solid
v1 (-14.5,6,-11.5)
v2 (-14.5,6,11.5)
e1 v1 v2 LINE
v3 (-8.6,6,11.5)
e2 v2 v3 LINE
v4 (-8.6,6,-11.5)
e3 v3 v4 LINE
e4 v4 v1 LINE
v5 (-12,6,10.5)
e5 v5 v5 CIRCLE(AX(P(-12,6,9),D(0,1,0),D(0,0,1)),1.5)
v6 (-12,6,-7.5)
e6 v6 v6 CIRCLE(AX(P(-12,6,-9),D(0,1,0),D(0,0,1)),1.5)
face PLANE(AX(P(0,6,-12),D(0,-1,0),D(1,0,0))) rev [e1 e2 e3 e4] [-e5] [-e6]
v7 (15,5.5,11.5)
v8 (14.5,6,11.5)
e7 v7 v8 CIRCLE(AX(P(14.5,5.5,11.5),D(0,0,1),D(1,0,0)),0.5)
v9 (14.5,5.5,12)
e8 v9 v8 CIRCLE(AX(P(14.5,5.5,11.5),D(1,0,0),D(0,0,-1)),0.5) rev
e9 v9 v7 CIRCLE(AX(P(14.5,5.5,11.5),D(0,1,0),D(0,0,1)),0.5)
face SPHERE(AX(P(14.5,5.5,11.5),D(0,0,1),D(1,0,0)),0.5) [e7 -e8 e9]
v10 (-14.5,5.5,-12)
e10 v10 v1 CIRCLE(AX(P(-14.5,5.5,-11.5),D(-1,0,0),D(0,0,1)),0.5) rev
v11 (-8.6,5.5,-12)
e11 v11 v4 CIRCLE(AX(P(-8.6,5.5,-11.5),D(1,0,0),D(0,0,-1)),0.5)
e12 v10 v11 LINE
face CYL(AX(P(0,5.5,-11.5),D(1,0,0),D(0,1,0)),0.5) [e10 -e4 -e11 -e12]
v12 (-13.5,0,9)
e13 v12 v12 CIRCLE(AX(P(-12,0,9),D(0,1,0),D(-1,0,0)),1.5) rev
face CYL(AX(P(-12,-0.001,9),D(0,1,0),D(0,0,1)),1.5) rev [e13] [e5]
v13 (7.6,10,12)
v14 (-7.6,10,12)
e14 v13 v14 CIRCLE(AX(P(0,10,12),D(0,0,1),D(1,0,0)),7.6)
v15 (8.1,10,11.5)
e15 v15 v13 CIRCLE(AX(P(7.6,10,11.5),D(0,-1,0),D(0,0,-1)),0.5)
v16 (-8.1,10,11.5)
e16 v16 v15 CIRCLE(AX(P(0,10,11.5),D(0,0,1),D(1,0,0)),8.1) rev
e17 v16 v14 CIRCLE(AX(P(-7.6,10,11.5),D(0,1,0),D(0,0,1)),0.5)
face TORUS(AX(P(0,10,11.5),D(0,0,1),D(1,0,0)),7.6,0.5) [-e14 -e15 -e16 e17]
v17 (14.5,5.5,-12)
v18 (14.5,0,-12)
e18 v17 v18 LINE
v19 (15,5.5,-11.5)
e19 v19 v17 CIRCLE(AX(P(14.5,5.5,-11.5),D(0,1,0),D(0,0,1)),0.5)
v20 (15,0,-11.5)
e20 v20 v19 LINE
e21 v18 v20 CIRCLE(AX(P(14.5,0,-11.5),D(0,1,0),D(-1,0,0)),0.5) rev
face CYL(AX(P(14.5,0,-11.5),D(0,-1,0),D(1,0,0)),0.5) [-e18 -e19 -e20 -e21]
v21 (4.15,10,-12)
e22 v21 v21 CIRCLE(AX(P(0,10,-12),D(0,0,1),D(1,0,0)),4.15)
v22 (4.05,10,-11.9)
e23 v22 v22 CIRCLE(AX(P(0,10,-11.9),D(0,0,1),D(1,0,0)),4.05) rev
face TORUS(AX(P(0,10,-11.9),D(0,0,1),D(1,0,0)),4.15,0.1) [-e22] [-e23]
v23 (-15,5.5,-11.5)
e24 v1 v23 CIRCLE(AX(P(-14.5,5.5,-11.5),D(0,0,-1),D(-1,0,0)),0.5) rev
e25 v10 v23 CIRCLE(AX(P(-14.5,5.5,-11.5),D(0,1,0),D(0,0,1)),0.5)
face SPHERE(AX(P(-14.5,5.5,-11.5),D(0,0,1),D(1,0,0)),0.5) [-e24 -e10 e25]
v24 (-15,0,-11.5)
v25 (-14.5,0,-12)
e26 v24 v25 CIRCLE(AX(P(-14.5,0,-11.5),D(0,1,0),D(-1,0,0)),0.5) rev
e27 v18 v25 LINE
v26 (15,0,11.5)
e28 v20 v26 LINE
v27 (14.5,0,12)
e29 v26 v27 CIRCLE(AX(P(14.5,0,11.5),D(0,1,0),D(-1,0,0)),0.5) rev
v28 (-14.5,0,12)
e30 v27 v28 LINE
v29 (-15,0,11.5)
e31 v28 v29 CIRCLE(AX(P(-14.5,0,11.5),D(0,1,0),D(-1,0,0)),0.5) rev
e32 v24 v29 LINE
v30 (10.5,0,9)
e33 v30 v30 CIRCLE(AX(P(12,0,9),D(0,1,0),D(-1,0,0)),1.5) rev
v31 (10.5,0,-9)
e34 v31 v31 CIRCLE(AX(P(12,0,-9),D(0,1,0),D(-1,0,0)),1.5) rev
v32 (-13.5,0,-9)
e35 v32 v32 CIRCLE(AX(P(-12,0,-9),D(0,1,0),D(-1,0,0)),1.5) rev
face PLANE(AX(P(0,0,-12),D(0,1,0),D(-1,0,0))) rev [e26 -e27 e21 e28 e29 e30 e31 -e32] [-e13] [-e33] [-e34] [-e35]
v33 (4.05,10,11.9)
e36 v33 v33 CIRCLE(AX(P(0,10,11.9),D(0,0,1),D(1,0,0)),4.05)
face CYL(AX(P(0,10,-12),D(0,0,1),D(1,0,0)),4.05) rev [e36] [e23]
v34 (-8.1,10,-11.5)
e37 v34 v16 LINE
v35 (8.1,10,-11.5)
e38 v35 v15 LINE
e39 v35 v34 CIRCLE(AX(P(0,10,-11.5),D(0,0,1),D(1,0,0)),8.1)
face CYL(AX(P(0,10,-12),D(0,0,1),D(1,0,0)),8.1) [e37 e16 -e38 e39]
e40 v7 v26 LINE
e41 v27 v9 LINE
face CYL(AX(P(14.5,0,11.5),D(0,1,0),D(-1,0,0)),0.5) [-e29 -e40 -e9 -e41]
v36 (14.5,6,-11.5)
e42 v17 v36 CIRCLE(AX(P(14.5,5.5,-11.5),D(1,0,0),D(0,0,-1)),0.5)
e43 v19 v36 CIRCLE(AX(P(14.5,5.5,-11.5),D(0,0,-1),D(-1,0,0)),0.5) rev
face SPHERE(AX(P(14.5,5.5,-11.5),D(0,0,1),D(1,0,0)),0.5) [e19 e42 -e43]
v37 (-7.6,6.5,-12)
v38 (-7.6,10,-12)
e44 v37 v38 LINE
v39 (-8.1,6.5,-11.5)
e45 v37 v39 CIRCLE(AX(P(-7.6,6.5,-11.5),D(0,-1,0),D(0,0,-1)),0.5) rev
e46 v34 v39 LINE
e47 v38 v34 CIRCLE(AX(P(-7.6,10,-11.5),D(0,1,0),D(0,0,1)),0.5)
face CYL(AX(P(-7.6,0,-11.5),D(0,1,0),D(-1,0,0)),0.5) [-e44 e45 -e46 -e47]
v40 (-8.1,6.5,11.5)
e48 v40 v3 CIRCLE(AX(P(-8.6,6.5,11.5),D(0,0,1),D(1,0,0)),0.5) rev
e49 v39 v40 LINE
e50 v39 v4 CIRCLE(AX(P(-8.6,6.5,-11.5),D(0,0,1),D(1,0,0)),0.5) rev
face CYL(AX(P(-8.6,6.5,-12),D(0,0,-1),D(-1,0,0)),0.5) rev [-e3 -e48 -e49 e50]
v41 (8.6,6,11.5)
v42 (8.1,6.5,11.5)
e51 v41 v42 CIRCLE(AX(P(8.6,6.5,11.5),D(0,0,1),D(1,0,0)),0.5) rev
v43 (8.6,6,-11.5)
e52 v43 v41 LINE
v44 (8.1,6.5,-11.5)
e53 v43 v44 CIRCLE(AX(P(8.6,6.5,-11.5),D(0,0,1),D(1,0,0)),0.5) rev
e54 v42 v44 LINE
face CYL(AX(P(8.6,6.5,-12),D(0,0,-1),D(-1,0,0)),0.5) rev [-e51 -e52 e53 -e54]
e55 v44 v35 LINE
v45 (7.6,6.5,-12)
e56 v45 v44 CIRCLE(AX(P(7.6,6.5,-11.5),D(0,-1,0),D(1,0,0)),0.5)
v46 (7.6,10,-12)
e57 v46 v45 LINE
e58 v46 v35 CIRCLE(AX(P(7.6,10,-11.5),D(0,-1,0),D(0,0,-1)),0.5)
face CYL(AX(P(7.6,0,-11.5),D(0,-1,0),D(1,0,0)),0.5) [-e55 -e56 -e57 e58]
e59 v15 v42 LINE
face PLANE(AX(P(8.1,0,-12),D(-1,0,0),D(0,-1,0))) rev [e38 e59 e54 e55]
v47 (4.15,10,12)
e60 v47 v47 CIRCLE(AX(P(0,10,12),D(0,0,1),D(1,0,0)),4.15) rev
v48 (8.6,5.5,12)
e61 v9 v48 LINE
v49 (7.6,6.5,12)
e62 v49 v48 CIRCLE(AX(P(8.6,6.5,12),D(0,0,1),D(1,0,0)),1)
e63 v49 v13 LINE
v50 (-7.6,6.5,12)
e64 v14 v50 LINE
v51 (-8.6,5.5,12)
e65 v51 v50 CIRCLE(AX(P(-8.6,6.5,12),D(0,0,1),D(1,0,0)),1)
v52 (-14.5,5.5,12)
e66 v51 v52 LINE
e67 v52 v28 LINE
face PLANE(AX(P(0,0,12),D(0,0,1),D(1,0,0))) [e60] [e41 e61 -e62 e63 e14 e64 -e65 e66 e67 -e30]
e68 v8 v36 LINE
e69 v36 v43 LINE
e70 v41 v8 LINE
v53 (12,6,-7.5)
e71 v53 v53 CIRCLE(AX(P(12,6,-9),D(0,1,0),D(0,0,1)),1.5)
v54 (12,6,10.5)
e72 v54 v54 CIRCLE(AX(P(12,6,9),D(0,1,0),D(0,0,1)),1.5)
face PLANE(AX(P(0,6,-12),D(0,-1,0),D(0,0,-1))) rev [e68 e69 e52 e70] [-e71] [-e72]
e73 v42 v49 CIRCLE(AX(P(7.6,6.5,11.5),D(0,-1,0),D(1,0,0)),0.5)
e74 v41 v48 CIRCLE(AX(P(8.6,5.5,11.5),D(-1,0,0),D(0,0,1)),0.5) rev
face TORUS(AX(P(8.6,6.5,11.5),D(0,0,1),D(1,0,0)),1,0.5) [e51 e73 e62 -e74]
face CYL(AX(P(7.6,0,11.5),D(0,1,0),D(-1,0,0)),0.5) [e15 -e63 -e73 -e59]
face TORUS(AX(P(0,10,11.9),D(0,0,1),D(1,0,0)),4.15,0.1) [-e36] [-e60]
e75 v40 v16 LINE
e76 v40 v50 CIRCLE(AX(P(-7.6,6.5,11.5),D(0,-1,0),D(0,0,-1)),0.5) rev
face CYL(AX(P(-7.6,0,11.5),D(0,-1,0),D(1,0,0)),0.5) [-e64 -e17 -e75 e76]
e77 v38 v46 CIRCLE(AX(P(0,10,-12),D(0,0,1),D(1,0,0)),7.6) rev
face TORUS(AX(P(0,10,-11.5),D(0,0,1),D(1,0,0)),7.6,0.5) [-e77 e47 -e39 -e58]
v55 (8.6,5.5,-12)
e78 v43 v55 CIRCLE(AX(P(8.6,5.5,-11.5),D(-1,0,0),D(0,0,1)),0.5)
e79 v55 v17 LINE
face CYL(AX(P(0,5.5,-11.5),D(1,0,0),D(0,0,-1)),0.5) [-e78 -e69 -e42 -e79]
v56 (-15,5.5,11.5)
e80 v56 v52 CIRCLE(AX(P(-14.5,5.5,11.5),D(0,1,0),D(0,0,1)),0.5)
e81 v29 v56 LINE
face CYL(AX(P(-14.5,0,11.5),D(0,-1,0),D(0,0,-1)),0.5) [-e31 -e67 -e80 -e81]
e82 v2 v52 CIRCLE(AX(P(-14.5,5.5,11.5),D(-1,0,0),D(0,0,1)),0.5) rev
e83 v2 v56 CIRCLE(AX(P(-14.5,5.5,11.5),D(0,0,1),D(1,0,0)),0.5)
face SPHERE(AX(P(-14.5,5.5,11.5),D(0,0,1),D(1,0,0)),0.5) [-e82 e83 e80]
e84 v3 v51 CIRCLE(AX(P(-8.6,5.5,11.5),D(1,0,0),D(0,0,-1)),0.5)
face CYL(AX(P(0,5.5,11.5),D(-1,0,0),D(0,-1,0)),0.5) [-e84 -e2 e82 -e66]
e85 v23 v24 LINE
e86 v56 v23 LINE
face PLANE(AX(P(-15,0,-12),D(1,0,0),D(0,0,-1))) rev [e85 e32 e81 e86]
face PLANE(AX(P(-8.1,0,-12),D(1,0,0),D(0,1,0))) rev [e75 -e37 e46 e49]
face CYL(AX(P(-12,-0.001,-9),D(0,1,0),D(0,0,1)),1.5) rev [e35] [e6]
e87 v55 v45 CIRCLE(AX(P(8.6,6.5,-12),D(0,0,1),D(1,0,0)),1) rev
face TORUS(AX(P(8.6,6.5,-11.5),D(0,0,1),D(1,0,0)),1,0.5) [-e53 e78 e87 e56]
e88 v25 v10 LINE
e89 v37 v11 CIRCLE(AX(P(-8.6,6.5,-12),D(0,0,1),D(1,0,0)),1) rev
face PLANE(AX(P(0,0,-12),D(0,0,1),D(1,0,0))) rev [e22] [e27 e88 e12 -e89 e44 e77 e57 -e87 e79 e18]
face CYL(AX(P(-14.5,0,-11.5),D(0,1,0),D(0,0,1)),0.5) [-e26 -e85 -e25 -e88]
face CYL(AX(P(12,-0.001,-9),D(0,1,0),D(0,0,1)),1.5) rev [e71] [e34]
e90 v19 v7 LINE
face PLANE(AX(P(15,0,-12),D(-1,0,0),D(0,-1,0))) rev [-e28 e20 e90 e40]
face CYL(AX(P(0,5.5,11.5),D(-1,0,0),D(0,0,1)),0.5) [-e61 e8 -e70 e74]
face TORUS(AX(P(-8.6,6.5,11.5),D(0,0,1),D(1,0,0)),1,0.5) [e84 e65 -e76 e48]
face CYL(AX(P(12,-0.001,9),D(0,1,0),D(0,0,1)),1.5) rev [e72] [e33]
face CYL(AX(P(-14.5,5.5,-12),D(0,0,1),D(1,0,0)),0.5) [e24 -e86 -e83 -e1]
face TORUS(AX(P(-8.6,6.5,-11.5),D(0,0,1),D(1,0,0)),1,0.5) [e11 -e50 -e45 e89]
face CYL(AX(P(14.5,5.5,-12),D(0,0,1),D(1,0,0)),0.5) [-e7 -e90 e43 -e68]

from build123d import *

# Parameters (mm, degrees)
CROQUIS1_R              = 4.05
SALIENTE_EXTRUIR1_DEPTH = 12
CORTAR_EXTRUIR1_REACH   = 8
CROQUIS2_R              = 1.5
REDONDEO1_R             = 0.5
REDONDEO2_R             = 0.1


with BuildPart() as part:
    # Croquis1 → Saliente-Extruir1 (new body, symmetric)
    with BuildSketch(Plane.XY):
        with BuildLine():
            Line((15, 0), (-15, 0))
            Line((-15, 0), (-15, 6))
            Line((-15, 6), (-8.1, 6))
            Line((-8.1, 6), (-8.1, 10))
            ThreePointArc((-8.1, 10), (0, 18.1), (8.1, 10))
            Line((8.1, 10), (8.1, 6))
            Line((8.1, 6), (15, 6))
            Line((15, 6), (15, 0))
        make_face()
        with Locations((0, 10)):
            Circle(CROQUIS1_R, mode=Mode.SUBTRACT)
    extrude(amount=SALIENTE_EXTRUIR1_DEPTH, both=True)

    # Croquis2 → Cortar-Extruir1 (cut, up to next)
    with BuildSketch(Plane(origin=(0, 6, 0), x_dir=(1, 0, 0), z_dir=(0, 1, 0)), mode=Mode.PRIVATE) as cortar_extruir1_sk1:
        with Locations((-12, 9)):
            Circle(CROQUIS2_R)
    cortar_extruir1_tool1 = extrude(cortar_extruir1_sk1.sketch, amount=-CORTAR_EXTRUIR1_REACH, mode=Mode.PRIVATE) & part.part
    add(cortar_extruir1_tool1.solids().sort_by_distance((-12, 6, -9))[0], mode=Mode.SUBTRACT)
    # Croquis2 → Cortar-Extruir1 (cut, up to next)
    with BuildSketch(Plane(origin=(0, 6, 0), x_dir=(1, 0, 0), z_dir=(0, 1, 0)), mode=Mode.PRIVATE) as cortar_extruir1_sk2:
        with Locations((12, 9)):
            Circle(CROQUIS2_R)
    cortar_extruir1_tool2 = extrude(cortar_extruir1_sk2.sketch, amount=-CORTAR_EXTRUIR1_REACH, mode=Mode.PRIVATE) & part.part
    add(cortar_extruir1_tool2.solids().sort_by_distance((12, 6, -9))[0], mode=Mode.SUBTRACT)
    # Croquis2 → Cortar-Extruir1 (cut, up to next)
    with BuildSketch(Plane(origin=(0, 6, 0), x_dir=(1, 0, 0), z_dir=(0, 1, 0)), mode=Mode.PRIVATE) as cortar_extruir1_sk3:
        with Locations((-12, -9)):
            Circle(CROQUIS2_R)
    cortar_extruir1_tool3 = extrude(cortar_extruir1_sk3.sketch, amount=-CORTAR_EXTRUIR1_REACH, mode=Mode.PRIVATE) & part.part
    add(cortar_extruir1_tool3.solids().sort_by_distance((-12, 6, 9))[0], mode=Mode.SUBTRACT)
    # Croquis2 → Cortar-Extruir1 (cut, up to next)
    with BuildSketch(Plane(origin=(0, 6, 0), x_dir=(1, 0, 0), z_dir=(0, 1, 0)), mode=Mode.PRIVATE) as cortar_extruir1_sk4:
        with Locations((12, -9)):
            Circle(CROQUIS2_R)
    cortar_extruir1_tool4 = extrude(cortar_extruir1_sk4.sketch, amount=-CORTAR_EXTRUIR1_REACH, mode=Mode.PRIVATE) & part.part
    add(cortar_extruir1_tool4.solids().sort_by_distance((12, 6, 9))[0], mode=Mode.SUBTRACT)

    # Redondeo1
    redondeo1_edges = [part.edges().sort_by_distance(p)[0] for p in [
        (8.1, 8, -12),
        (11.55, 6, 12),
        (15, 3, 12),
        (-15, 3, 12),
        (-11.55, 6, 12),
        (-8.1, 8, 12),
        (0, 18.1, 12),
        (8.1, 8, 12),
        (0, 18.1, -12),
        (8.1, 6, 0),
        (15, 6, 0),
        (-15, 6, 0),
        (-8.1, 6, 0),
        (-8.1, 8, -12),
        (-11.55, 6, -12),
        (-15, 3, -12),
        (15, 3, -12),
        (11.55, 6, -12),
    ]]
    fillet(redondeo1_edges, radius=REDONDEO1_R)

    # Redondeo2
    redondeo2_edges = [part.edges().sort_by_distance(p)[0] for p in [
        (-4.05, 10, 12),
        (-4.05, 10, -12),
    ]]
    fillet(redondeo2_edges, radius=REDONDEO2_R)


solid = part.part
